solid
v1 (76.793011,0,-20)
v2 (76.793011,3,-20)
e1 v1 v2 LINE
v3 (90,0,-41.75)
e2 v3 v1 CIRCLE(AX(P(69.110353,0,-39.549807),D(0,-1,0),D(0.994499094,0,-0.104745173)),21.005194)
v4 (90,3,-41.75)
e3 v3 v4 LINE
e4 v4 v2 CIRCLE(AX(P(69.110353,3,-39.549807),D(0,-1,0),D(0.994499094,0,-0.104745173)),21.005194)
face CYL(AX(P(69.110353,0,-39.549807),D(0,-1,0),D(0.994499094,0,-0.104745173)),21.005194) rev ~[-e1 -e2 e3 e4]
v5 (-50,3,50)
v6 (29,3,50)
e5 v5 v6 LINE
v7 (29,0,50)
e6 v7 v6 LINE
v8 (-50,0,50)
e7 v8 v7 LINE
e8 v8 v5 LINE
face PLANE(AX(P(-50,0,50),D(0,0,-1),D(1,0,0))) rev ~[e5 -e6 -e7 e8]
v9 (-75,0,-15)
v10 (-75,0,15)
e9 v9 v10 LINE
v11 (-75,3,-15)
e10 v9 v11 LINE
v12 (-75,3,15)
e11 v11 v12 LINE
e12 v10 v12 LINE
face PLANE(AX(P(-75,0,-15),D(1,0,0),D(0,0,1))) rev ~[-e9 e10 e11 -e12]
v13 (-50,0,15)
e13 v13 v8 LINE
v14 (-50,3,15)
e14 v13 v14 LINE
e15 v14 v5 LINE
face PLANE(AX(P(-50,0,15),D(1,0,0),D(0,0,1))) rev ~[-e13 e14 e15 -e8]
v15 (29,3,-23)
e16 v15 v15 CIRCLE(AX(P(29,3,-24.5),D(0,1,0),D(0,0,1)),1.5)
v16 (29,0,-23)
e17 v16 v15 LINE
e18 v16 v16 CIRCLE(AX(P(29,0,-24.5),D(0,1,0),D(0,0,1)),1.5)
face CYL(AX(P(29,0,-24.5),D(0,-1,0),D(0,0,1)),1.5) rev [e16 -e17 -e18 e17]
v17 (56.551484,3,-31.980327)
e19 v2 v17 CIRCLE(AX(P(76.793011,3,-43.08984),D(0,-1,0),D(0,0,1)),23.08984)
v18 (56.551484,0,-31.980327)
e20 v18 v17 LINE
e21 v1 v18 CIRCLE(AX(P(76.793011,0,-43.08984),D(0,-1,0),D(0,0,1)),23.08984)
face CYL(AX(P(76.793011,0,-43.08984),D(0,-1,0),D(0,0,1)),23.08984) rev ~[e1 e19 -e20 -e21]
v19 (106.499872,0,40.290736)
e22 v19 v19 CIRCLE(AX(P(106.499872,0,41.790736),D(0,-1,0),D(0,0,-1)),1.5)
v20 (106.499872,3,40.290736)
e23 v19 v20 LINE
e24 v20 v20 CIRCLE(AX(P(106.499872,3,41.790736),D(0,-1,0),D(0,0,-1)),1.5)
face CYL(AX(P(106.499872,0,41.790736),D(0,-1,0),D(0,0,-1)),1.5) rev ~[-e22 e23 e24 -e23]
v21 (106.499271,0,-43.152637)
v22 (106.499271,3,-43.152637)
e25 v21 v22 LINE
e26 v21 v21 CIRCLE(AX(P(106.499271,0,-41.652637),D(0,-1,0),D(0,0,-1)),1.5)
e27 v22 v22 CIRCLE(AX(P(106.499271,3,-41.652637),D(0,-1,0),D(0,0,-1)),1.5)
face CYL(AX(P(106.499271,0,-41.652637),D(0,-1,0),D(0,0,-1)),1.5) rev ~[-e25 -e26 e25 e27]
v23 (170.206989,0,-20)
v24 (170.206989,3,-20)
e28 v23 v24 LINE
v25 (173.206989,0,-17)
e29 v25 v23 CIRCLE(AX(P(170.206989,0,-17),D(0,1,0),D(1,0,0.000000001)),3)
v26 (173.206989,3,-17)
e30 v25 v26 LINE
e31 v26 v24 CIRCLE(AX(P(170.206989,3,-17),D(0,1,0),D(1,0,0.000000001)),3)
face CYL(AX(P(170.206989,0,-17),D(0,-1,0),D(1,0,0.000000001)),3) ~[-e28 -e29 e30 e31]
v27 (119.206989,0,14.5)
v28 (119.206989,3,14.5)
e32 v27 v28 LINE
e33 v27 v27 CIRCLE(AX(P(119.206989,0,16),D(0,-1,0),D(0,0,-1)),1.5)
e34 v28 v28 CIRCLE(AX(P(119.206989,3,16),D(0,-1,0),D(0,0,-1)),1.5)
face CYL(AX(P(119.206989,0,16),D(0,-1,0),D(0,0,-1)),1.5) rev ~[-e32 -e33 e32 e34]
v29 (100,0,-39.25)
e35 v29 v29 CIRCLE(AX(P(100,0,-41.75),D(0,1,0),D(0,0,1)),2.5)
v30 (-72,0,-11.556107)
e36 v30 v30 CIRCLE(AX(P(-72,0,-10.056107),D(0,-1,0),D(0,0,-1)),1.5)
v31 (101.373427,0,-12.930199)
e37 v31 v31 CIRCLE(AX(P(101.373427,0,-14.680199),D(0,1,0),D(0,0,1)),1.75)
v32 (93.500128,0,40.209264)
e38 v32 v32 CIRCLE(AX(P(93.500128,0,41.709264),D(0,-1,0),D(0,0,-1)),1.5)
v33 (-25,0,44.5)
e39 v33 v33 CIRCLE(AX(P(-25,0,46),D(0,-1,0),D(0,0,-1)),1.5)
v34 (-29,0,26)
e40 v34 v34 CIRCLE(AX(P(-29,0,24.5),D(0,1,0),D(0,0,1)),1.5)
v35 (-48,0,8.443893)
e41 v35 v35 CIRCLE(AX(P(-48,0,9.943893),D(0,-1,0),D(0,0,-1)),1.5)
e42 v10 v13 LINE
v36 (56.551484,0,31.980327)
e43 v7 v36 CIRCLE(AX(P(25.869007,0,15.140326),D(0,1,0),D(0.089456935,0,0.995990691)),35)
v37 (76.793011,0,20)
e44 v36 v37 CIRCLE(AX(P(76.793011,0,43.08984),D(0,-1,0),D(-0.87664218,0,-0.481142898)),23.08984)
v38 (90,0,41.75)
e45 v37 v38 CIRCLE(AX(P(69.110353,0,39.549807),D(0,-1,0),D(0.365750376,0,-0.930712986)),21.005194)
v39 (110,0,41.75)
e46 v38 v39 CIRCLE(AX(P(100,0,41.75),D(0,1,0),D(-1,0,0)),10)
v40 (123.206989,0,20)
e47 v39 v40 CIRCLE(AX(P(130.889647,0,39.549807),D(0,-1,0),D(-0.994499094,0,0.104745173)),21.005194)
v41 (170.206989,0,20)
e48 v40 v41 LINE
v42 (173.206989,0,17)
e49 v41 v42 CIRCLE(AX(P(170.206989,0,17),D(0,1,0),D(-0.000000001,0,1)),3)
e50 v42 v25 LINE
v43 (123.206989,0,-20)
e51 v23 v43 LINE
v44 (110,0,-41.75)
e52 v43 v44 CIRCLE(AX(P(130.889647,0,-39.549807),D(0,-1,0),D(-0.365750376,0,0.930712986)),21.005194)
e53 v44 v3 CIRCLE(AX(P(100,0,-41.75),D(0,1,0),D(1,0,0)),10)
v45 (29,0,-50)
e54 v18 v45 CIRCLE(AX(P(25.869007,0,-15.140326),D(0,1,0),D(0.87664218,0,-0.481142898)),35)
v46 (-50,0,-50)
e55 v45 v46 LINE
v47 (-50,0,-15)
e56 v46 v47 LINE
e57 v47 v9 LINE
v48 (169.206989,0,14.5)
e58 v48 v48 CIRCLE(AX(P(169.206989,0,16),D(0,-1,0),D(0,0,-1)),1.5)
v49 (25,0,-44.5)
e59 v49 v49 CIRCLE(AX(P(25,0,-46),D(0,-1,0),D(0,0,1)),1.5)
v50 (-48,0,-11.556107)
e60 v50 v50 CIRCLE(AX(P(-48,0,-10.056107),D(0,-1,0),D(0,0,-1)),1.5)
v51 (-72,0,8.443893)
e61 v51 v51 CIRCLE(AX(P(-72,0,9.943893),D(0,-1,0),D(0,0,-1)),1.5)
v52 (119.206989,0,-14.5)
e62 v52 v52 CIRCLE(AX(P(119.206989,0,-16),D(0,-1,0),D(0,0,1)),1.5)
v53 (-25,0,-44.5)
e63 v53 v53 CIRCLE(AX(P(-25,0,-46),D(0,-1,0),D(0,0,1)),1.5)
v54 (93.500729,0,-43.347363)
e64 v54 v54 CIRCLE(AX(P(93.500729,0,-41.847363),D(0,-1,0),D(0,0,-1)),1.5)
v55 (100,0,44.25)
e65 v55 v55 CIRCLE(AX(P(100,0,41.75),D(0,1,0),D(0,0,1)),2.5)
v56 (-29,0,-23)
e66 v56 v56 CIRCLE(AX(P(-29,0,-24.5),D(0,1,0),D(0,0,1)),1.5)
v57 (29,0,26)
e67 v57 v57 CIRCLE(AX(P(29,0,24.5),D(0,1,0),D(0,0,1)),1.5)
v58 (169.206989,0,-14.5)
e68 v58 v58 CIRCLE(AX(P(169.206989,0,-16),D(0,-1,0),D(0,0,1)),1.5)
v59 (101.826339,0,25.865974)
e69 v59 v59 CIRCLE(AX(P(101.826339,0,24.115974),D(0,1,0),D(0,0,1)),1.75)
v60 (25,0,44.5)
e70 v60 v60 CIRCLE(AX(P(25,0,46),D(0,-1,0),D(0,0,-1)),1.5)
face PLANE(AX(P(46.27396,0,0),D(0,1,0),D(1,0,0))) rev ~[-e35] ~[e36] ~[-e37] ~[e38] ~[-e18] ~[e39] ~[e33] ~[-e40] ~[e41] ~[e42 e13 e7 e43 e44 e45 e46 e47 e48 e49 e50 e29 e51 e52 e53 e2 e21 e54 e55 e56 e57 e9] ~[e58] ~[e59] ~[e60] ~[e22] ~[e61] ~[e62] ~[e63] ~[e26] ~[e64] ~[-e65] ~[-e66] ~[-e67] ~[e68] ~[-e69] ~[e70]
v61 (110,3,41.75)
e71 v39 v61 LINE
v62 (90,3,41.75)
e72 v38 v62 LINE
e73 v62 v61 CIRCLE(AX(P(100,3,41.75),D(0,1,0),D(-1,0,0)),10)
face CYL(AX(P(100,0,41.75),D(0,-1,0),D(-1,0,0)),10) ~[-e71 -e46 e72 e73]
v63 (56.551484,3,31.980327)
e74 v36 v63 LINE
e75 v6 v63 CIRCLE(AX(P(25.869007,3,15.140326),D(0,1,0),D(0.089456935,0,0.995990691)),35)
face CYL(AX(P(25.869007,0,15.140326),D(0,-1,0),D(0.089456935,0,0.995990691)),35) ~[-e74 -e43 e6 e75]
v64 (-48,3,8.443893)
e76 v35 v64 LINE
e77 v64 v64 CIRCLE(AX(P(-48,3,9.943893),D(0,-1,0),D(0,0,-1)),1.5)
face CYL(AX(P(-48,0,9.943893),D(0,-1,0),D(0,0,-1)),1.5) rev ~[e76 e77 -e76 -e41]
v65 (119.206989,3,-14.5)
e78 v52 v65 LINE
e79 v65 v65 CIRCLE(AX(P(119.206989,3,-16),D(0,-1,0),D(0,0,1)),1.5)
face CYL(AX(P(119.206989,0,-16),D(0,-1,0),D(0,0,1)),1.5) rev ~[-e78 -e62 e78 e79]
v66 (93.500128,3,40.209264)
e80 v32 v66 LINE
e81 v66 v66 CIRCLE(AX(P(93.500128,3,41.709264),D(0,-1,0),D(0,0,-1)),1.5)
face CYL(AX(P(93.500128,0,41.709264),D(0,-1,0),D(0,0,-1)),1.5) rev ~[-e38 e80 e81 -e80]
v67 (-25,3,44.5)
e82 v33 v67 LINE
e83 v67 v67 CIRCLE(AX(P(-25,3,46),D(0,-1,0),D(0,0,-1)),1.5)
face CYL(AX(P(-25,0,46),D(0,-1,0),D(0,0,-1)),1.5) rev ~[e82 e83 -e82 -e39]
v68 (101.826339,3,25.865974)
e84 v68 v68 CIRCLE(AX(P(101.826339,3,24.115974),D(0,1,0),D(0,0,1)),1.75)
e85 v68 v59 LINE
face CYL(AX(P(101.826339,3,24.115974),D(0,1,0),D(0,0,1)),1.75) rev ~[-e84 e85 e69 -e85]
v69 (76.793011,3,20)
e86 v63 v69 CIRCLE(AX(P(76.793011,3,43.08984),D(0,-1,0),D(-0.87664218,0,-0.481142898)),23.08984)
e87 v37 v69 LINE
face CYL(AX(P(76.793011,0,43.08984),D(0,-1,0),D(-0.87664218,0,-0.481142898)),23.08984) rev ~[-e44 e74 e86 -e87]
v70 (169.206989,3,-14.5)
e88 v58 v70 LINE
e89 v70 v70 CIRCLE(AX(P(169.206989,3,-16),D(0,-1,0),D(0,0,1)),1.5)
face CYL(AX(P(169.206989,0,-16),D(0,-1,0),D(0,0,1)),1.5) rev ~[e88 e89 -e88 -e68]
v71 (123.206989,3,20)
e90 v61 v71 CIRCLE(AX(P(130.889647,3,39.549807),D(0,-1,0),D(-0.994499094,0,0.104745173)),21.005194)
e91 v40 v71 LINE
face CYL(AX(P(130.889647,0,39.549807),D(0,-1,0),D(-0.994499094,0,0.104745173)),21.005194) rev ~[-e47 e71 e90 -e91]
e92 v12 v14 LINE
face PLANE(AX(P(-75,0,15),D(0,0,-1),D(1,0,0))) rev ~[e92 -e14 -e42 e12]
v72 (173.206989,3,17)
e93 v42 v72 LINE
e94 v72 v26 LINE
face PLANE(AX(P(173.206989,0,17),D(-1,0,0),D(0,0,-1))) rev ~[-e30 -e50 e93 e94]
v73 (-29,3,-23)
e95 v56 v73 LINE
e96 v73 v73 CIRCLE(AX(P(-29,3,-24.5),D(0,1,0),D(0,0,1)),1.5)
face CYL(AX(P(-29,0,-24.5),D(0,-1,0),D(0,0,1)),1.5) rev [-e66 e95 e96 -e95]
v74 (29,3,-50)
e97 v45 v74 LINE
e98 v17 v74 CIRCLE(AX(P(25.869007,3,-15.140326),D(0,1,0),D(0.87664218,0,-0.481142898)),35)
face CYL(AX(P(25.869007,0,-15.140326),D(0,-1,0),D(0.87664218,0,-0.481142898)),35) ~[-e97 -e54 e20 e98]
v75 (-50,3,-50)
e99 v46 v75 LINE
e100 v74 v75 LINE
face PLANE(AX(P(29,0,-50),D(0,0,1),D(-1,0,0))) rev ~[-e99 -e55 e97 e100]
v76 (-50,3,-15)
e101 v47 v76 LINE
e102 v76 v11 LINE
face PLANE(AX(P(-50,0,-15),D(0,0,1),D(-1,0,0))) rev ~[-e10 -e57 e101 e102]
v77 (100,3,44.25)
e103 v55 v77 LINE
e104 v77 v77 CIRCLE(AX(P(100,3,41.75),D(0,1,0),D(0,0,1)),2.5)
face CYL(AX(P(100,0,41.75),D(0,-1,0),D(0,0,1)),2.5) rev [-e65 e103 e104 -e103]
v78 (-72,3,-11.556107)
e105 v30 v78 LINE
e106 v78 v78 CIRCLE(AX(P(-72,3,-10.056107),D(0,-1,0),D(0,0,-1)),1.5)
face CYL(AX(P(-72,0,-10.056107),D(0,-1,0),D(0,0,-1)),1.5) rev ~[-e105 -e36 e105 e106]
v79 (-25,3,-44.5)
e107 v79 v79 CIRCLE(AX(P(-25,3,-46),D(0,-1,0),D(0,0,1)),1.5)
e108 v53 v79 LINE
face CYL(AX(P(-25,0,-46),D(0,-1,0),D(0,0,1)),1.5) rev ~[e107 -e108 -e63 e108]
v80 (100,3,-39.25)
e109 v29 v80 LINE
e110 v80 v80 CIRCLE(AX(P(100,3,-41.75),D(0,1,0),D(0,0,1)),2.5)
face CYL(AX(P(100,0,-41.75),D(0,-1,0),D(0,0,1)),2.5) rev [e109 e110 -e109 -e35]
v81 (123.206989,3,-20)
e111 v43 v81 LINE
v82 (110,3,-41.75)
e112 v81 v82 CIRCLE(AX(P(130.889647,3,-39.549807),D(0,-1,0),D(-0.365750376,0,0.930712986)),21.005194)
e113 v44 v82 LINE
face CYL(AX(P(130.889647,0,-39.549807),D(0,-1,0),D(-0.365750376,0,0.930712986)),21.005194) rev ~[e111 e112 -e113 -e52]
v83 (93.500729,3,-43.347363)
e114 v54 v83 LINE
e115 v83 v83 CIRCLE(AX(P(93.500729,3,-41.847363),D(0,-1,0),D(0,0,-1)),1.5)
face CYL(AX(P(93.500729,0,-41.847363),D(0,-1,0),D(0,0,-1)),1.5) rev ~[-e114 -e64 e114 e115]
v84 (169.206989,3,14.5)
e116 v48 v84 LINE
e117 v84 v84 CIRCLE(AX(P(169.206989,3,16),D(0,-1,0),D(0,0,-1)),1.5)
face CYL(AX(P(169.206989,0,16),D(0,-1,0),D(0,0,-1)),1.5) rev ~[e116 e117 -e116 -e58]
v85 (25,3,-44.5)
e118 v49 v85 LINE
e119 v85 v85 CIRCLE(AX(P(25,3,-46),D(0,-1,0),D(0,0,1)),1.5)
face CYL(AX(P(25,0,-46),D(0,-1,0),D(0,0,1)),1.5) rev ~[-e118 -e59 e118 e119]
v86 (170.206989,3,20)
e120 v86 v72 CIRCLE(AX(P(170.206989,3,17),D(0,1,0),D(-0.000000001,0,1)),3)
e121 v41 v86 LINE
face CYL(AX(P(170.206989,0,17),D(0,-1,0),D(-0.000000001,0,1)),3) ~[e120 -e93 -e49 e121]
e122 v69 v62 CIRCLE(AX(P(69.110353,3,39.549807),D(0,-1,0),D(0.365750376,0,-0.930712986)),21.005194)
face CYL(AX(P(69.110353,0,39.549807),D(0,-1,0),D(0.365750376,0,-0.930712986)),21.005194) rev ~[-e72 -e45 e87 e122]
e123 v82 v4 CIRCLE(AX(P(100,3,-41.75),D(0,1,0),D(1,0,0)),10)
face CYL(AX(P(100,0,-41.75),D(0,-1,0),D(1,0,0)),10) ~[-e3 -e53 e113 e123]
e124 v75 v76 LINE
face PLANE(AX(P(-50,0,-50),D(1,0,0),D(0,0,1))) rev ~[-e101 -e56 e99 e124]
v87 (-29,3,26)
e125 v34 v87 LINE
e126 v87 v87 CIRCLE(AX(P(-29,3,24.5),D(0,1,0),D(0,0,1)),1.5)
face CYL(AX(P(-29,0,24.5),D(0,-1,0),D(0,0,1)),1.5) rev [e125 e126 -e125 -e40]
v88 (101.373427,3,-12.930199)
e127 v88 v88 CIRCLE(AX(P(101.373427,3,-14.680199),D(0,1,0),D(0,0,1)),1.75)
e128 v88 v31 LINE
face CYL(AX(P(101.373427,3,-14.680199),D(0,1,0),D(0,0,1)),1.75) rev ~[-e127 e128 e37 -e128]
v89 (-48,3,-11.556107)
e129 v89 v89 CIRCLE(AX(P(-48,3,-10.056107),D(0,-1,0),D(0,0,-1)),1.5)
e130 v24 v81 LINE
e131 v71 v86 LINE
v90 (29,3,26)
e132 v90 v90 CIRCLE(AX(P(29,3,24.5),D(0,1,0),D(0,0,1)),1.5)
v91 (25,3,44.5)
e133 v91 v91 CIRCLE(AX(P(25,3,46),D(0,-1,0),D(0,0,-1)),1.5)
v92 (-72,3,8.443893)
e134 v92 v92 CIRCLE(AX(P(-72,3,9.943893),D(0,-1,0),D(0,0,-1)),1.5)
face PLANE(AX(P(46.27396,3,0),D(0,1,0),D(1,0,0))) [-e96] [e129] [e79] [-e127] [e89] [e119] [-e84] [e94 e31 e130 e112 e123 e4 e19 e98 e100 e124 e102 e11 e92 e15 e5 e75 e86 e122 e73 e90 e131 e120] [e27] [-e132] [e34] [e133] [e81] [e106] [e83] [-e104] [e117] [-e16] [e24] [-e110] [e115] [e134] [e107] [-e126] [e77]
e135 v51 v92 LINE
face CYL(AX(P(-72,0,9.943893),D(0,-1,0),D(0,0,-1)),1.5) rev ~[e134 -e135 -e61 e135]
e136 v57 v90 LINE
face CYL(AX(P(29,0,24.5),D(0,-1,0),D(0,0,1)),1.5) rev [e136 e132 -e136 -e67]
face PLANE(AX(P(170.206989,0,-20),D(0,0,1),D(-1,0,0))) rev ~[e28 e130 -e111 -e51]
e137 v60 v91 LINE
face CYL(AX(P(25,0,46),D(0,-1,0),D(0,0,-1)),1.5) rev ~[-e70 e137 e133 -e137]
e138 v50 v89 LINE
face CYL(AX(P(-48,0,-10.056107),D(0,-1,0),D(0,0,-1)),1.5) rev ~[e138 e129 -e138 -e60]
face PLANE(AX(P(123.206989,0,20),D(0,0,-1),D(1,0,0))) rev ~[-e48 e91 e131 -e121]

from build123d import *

# Parameters (mm, degrees)
CROQUIS1_R              = 1.5
CROQUIS1_R_2            = 2.5
SALIENTE_EXTRUIR1_DEPTH = 3
CROQUIS2_R              = 1.5
CORTAR_EXTRUIR1_DEPTH   = 10
CROQUIS4_R              = 1.5
CORTAR_EXTRUIR2_DEPTH   = 10
CROQUIS6_R              = 1.75
CORTAR_EXTRUIR4_DEPTH   = 181.797465623
CROQUIS7_R              = 1.5
CORTAR_EXTRUIR5_DEPTH   = 10


with BuildPart() as part:
    # Croquis1 → Saliente-Extruir1 (new body)
    with BuildSketch(Plane(origin=(0, 0, 0), x_dir=(1, 0, 0), z_dir=(0, 1, 0))):
        with BuildLine():
            Line((-50, -50), (29, -50))
            ThreePointArc((29, -50), (45.026638216, -44.431709815), (56.55148357, -31.980327255))
            ThreePointArc((56.55148357, -31.980327255), (65.032402177, -23.219540774), (76.793010893, -20))
            ThreePointArc((76.793010893, -20), (87.064733458, -28.647586327), (90, -41.75))
            ThreePointArc((90, -41.75), (100, -51.75), (110, -41.75))
            ThreePointArc((110, -41.75), (112.935266542, -28.647586327), (123.206989107, -20))
            Line((123.206989107, -20), (170.206989107, -20))
            ThreePointArc((170.206989107, -20), (172.328309451, -19.121320344), (173.206989107, -17))
            Line((173.206989107, -17), (173.206989107, 17))
            ThreePointArc((173.206989107, 17), (172.328309451, 19.121320344), (170.206989107, 20))
            Line((170.206989107, 20), (123.206989107, 20))
            ThreePointArc((123.206989107, 20), (112.935266542, 28.647586327), (110, 41.75))
            ThreePointArc((110, 41.75), (100, 51.75), (90, 41.75))
            ThreePointArc((90, 41.75), (87.064733458, 28.647586327), (76.793010893, 20))
            ThreePointArc((76.793010893, 20), (65.032402177, 23.219540774), (56.55148357, 31.980327255))
            ThreePointArc((56.55148357, 31.980327255), (45.026638216, 44.431709815), (29, 50))
            Line((29, 50), (-50, 50))
            Line((-50, 50), (-50, 15))
            Line((-50, 15), (-75, 15))
            Line((-75, 15), (-75, -15))
            Line((-75, -15), (-50, -15))
            Line((-50, -15), (-50, -50))
        make_face()
        with Locations(Location((-29, -24.5, 0), (0, 0, 270))):
            Circle(CROQUIS1_R, mode=Mode.SUBTRACT)
        with Locations(Location((29, -24.5, 0), (0, 0, 270))):
            Circle(CROQUIS1_R, mode=Mode.SUBTRACT)
        with Locations(Location((100, -41.75, 0), (0, 0, 270))):
            Circle(CROQUIS1_R_2, mode=Mode.SUBTRACT)
        with Locations(Location((-29, 24.5, 0), (0, 0, 270))):
            Circle(CROQUIS1_R, mode=Mode.SUBTRACT)
        with Locations(Location((29, 24.5, 0), (0, 0, 270))):
            Circle(CROQUIS1_R, mode=Mode.SUBTRACT)
        with Locations(Location((100, 41.75, 0), (0, 0, 270))):
            Circle(CROQUIS1_R_2, mode=Mode.SUBTRACT)
    extrude(amount=SALIENTE_EXTRUIR1_DEPTH)

    # Croquis2 → Cortar-Extruir1 (cut)
    with BuildSketch(Plane.XZ):
        with Locations(Location((-72, 9.943892899, 0), (0, 0, 270))):
            Circle(CROQUIS2_R)
        with Locations(Location((-48, 9.943892899, 0), (0, 0, 270))):
            Circle(CROQUIS2_R)
        with Locations(Location((-72, -10.056107101, 0), (0, 0, 270))):
            Circle(CROQUIS2_R)
        with Locations(Location((-48, -10.056107101, 0), (0, 0, 270))):
            Circle(CROQUIS2_R)
    extrude(amount=-CORTAR_EXTRUIR1_DEPTH, mode=Mode.SUBTRACT)

    # Croquis4 → Cortar-Extruir2 (cut)
    with BuildSketch(Plane.XZ):
        with Locations(Location((-25, 46, 0), (0, 0, 270))):
            Circle(CROQUIS4_R)
        with Locations(Location((25, 46, 0), (0, 0, 270))):
            Circle(CROQUIS4_R)
        with Locations(Location((119.206989107, 16, 0), (0, 0, 270))):
            Circle(CROQUIS4_R)
        with Locations(Location((169.206989107, 16, 0), (0, 0, 270))):
            Circle(CROQUIS4_R)
        with Locations(Location((169.206989107, -16, 0), (0, 0, 90))):
            Circle(CROQUIS4_R)
        with Locations(Location((119.206989107, -16, 0), (0, 0, 90))):
            Circle(CROQUIS4_R)
        with Locations(Location((25, -46, 0), (0, 0, 90))):
            Circle(CROQUIS4_R)
        with Locations(Location((-25, -46, 0), (0, 0, 90))):
            Circle(CROQUIS4_R)
    extrude(amount=-CORTAR_EXTRUIR2_DEPTH, mode=Mode.SUBTRACT)

    # Croquis6 → Cortar-Extruir4 (cut, through all)
    with BuildSketch(Plane(origin=(0, 3, 0), x_dir=(1, 0, 0), z_dir=(0, 1, 0))):
        with Locations(Location((101.826339239, -24.115973685, 0), (0, 0, 270))):
            Circle(CROQUIS6_R)
        with Locations(Location((101.373426984, 14.680198998, 0), (0, 0, 270))):
            Circle(CROQUIS6_R)
    extrude(amount=-CORTAR_EXTRUIR4_DEPTH, mode=Mode.SUBTRACT)

    # Croquis7 → Cortar-Extruir5 (cut)
    with BuildSketch(Plane.XZ):
        with Locations(Location((93.500729234, -41.847362769, 0), (0, 0, 270))):
            Circle(CROQUIS7_R)
        with Locations(Location((106.499270766, -41.652637231, 0), (0, 0, 270))):
            Circle(CROQUIS7_R)
        with Locations(Location((93.500127651, 41.709263638, 0), (0, 0, 270))):
            Circle(CROQUIS7_R)
        with Locations(Location((106.499872349, 41.790736362, 0), (0, 0, 270))):
            Circle(CROQUIS7_R)
    extrude(amount=-CORTAR_EXTRUIR5_DEPTH, mode=Mode.SUBTRACT)


solid = part.part
